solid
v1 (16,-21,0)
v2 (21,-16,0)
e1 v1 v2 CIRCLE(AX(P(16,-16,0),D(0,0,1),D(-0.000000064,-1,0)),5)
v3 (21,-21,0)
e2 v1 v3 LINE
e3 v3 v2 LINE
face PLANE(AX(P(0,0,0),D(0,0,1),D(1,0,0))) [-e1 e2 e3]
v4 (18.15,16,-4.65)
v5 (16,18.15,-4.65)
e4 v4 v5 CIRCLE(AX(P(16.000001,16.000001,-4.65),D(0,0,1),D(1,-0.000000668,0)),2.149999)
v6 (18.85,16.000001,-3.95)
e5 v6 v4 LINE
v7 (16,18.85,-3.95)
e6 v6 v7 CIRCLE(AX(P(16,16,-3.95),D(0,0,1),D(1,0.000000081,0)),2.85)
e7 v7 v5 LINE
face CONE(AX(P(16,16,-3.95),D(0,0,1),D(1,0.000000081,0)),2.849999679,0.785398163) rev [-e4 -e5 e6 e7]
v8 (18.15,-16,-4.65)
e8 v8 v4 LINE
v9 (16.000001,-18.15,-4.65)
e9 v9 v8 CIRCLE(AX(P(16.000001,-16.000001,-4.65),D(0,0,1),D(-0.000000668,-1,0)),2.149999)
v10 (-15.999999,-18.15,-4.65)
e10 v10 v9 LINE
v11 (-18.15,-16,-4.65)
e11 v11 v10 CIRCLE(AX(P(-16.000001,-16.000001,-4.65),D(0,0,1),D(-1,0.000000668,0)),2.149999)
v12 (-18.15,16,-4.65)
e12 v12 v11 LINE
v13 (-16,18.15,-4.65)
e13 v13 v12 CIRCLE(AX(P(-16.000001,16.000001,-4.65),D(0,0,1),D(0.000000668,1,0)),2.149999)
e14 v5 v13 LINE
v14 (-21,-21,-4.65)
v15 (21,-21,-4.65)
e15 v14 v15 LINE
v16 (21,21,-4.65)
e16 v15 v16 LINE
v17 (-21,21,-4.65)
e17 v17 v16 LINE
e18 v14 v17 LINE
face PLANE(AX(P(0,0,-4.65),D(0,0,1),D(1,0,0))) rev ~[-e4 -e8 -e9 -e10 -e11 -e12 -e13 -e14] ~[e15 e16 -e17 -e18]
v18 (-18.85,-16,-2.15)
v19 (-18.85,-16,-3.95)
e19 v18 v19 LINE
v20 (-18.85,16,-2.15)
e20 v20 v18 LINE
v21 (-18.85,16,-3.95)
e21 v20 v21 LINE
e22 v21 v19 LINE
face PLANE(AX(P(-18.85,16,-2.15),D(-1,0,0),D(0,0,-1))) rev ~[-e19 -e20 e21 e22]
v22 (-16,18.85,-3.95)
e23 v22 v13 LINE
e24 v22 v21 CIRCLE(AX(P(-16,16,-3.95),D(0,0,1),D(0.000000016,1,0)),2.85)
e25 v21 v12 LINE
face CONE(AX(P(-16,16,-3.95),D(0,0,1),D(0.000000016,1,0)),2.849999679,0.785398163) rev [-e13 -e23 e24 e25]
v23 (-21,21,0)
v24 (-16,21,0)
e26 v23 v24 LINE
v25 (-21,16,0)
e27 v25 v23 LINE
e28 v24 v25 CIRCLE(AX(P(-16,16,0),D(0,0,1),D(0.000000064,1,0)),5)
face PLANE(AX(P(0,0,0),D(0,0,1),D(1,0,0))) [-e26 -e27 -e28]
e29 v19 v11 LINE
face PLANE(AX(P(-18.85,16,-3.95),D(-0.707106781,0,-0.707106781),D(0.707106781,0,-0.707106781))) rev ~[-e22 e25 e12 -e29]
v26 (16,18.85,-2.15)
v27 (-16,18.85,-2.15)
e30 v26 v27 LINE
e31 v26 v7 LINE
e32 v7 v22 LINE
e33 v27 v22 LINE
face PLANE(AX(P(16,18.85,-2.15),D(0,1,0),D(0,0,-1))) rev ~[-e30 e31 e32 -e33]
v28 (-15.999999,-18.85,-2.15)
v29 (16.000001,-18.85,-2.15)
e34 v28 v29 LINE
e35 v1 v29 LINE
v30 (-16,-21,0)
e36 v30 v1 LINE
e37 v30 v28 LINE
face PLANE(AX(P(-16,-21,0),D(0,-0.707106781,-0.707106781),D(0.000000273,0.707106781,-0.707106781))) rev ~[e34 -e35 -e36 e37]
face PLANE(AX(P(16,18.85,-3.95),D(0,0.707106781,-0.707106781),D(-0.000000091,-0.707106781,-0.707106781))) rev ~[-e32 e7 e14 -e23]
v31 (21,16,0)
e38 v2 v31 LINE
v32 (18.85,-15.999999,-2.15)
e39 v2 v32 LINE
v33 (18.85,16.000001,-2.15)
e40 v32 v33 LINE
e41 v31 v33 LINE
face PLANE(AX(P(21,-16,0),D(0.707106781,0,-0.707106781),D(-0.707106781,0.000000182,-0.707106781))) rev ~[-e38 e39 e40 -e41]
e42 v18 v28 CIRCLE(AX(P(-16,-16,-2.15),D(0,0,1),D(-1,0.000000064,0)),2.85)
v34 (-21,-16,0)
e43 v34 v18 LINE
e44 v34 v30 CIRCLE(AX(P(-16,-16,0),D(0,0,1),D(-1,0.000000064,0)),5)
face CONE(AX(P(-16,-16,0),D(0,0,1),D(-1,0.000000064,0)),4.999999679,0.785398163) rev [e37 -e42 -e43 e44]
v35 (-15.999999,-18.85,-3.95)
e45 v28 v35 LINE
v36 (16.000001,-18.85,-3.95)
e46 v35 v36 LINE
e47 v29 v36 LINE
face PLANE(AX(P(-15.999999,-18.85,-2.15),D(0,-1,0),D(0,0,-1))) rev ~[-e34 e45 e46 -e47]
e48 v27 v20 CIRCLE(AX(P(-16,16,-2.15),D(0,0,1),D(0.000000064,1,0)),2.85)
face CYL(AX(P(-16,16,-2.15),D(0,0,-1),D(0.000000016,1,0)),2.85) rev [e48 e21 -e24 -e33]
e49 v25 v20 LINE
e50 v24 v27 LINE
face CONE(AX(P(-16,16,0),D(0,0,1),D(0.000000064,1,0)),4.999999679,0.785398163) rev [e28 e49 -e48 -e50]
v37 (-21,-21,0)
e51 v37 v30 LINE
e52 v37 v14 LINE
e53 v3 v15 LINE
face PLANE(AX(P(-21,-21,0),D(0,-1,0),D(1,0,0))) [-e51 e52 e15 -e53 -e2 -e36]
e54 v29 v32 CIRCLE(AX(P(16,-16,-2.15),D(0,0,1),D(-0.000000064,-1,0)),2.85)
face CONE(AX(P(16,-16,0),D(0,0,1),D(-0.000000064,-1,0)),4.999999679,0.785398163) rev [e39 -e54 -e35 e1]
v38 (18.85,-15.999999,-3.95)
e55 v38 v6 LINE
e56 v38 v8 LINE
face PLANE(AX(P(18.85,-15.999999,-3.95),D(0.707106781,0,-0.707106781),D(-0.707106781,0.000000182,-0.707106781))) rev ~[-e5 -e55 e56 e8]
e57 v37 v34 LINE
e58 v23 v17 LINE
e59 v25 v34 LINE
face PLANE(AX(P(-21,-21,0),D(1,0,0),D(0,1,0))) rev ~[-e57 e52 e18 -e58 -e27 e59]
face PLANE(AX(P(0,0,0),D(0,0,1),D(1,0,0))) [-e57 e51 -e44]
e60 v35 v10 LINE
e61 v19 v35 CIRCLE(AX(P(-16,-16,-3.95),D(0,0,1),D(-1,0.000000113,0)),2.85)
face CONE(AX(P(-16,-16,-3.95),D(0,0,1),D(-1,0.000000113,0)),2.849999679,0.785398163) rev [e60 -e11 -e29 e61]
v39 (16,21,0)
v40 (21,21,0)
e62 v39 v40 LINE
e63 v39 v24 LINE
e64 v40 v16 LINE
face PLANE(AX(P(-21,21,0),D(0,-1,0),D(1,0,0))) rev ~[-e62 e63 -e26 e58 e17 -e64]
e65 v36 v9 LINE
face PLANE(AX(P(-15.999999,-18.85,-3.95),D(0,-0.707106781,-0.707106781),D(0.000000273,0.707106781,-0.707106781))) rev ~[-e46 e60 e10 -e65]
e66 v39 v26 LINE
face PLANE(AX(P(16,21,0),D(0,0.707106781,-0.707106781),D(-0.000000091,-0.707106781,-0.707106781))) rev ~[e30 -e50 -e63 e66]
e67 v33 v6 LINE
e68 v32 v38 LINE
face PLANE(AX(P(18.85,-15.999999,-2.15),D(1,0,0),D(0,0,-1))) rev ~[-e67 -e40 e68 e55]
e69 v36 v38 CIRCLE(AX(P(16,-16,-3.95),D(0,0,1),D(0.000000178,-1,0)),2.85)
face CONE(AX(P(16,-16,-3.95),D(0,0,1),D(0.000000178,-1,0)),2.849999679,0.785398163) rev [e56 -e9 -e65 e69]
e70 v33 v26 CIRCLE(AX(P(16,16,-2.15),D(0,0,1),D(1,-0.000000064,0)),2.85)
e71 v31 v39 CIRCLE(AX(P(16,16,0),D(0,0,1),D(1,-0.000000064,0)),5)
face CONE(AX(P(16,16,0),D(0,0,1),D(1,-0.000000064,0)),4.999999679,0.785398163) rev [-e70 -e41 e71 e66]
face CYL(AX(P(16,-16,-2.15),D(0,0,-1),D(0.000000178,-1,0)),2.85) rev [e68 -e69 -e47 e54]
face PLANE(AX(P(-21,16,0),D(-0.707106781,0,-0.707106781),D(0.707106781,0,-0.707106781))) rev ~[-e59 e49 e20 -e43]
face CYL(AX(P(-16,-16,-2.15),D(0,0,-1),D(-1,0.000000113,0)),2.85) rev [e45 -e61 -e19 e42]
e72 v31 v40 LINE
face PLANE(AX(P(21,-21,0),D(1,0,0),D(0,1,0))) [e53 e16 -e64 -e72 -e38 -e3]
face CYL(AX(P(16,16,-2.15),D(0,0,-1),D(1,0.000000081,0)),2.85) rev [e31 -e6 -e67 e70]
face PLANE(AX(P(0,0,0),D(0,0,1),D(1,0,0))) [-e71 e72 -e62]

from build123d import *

# Parameters (mm, degrees)
SKETCH001_W = 42
SKETCH001_H = 42
PAD_DEPTH   = 4.65


with BuildPart() as part:
    # Sketch001 → Pad (new body)
    with BuildSketch(Plane.XY):
        Rectangle(SKETCH001_W, SKETCH001_H)
        with BuildLine():
            Line((-16, -18.15), (16, -18.15))
            ThreePointArc((16, -18.15), (17.52028, -17.52028), (18.15, -16))
            Line((18.15, -16), (18.15, 16))
            ThreePointArc((18.15, 16), (17.52028, 17.52028), (16, 18.15))
            Line((16, 18.15), (-16, 18.15))
            ThreePointArc((-16, 18.15), (-17.52028, 17.52028), (-18.15, 16))
            Line((-18.15, 16), (-18.15, -16))
            ThreePointArc((-18.15, -16), (-17.52028, -17.52028), (-16, -18.15))
        make_face(mode=Mode.SUBTRACT)
    extrude(amount=-PAD_DEPTH)

    # SubtractivePipe: sweep along a path in Sketch002
    with BuildLine(Plane.XY) as subtractivepipe_path:
        Line((-16, -21), (16, -21))
        ThreePointArc((16, -21), (19.535534, -19.535534), (21, -16))
        Line((21, -16), (21, 16))
        ThreePointArc((21, 16), (19.535534, 19.535534), (16, 21))
        Line((16, 21), (-16, 21))
        ThreePointArc((-16, 21), (-19.535534, 19.535534), (-21, 16))
        Line((-21, 16), (-21, -16))
        ThreePointArc((-21, -16), (-19.535534, -19.535534), (-16, -21))
    # Sketch → SubtractivePipe (sweep, cut)
    with BuildSketch(Plane.XZ):
        Polygon((-21, 0), (-18.85, -2.15), (-18.85, -3.95), (-18.15, -4.65), (-18.15, 0), align=None)
    sweep(path=subtractivepipe_path.line, mode=Mode.SUBTRACT)


solid = part.part
